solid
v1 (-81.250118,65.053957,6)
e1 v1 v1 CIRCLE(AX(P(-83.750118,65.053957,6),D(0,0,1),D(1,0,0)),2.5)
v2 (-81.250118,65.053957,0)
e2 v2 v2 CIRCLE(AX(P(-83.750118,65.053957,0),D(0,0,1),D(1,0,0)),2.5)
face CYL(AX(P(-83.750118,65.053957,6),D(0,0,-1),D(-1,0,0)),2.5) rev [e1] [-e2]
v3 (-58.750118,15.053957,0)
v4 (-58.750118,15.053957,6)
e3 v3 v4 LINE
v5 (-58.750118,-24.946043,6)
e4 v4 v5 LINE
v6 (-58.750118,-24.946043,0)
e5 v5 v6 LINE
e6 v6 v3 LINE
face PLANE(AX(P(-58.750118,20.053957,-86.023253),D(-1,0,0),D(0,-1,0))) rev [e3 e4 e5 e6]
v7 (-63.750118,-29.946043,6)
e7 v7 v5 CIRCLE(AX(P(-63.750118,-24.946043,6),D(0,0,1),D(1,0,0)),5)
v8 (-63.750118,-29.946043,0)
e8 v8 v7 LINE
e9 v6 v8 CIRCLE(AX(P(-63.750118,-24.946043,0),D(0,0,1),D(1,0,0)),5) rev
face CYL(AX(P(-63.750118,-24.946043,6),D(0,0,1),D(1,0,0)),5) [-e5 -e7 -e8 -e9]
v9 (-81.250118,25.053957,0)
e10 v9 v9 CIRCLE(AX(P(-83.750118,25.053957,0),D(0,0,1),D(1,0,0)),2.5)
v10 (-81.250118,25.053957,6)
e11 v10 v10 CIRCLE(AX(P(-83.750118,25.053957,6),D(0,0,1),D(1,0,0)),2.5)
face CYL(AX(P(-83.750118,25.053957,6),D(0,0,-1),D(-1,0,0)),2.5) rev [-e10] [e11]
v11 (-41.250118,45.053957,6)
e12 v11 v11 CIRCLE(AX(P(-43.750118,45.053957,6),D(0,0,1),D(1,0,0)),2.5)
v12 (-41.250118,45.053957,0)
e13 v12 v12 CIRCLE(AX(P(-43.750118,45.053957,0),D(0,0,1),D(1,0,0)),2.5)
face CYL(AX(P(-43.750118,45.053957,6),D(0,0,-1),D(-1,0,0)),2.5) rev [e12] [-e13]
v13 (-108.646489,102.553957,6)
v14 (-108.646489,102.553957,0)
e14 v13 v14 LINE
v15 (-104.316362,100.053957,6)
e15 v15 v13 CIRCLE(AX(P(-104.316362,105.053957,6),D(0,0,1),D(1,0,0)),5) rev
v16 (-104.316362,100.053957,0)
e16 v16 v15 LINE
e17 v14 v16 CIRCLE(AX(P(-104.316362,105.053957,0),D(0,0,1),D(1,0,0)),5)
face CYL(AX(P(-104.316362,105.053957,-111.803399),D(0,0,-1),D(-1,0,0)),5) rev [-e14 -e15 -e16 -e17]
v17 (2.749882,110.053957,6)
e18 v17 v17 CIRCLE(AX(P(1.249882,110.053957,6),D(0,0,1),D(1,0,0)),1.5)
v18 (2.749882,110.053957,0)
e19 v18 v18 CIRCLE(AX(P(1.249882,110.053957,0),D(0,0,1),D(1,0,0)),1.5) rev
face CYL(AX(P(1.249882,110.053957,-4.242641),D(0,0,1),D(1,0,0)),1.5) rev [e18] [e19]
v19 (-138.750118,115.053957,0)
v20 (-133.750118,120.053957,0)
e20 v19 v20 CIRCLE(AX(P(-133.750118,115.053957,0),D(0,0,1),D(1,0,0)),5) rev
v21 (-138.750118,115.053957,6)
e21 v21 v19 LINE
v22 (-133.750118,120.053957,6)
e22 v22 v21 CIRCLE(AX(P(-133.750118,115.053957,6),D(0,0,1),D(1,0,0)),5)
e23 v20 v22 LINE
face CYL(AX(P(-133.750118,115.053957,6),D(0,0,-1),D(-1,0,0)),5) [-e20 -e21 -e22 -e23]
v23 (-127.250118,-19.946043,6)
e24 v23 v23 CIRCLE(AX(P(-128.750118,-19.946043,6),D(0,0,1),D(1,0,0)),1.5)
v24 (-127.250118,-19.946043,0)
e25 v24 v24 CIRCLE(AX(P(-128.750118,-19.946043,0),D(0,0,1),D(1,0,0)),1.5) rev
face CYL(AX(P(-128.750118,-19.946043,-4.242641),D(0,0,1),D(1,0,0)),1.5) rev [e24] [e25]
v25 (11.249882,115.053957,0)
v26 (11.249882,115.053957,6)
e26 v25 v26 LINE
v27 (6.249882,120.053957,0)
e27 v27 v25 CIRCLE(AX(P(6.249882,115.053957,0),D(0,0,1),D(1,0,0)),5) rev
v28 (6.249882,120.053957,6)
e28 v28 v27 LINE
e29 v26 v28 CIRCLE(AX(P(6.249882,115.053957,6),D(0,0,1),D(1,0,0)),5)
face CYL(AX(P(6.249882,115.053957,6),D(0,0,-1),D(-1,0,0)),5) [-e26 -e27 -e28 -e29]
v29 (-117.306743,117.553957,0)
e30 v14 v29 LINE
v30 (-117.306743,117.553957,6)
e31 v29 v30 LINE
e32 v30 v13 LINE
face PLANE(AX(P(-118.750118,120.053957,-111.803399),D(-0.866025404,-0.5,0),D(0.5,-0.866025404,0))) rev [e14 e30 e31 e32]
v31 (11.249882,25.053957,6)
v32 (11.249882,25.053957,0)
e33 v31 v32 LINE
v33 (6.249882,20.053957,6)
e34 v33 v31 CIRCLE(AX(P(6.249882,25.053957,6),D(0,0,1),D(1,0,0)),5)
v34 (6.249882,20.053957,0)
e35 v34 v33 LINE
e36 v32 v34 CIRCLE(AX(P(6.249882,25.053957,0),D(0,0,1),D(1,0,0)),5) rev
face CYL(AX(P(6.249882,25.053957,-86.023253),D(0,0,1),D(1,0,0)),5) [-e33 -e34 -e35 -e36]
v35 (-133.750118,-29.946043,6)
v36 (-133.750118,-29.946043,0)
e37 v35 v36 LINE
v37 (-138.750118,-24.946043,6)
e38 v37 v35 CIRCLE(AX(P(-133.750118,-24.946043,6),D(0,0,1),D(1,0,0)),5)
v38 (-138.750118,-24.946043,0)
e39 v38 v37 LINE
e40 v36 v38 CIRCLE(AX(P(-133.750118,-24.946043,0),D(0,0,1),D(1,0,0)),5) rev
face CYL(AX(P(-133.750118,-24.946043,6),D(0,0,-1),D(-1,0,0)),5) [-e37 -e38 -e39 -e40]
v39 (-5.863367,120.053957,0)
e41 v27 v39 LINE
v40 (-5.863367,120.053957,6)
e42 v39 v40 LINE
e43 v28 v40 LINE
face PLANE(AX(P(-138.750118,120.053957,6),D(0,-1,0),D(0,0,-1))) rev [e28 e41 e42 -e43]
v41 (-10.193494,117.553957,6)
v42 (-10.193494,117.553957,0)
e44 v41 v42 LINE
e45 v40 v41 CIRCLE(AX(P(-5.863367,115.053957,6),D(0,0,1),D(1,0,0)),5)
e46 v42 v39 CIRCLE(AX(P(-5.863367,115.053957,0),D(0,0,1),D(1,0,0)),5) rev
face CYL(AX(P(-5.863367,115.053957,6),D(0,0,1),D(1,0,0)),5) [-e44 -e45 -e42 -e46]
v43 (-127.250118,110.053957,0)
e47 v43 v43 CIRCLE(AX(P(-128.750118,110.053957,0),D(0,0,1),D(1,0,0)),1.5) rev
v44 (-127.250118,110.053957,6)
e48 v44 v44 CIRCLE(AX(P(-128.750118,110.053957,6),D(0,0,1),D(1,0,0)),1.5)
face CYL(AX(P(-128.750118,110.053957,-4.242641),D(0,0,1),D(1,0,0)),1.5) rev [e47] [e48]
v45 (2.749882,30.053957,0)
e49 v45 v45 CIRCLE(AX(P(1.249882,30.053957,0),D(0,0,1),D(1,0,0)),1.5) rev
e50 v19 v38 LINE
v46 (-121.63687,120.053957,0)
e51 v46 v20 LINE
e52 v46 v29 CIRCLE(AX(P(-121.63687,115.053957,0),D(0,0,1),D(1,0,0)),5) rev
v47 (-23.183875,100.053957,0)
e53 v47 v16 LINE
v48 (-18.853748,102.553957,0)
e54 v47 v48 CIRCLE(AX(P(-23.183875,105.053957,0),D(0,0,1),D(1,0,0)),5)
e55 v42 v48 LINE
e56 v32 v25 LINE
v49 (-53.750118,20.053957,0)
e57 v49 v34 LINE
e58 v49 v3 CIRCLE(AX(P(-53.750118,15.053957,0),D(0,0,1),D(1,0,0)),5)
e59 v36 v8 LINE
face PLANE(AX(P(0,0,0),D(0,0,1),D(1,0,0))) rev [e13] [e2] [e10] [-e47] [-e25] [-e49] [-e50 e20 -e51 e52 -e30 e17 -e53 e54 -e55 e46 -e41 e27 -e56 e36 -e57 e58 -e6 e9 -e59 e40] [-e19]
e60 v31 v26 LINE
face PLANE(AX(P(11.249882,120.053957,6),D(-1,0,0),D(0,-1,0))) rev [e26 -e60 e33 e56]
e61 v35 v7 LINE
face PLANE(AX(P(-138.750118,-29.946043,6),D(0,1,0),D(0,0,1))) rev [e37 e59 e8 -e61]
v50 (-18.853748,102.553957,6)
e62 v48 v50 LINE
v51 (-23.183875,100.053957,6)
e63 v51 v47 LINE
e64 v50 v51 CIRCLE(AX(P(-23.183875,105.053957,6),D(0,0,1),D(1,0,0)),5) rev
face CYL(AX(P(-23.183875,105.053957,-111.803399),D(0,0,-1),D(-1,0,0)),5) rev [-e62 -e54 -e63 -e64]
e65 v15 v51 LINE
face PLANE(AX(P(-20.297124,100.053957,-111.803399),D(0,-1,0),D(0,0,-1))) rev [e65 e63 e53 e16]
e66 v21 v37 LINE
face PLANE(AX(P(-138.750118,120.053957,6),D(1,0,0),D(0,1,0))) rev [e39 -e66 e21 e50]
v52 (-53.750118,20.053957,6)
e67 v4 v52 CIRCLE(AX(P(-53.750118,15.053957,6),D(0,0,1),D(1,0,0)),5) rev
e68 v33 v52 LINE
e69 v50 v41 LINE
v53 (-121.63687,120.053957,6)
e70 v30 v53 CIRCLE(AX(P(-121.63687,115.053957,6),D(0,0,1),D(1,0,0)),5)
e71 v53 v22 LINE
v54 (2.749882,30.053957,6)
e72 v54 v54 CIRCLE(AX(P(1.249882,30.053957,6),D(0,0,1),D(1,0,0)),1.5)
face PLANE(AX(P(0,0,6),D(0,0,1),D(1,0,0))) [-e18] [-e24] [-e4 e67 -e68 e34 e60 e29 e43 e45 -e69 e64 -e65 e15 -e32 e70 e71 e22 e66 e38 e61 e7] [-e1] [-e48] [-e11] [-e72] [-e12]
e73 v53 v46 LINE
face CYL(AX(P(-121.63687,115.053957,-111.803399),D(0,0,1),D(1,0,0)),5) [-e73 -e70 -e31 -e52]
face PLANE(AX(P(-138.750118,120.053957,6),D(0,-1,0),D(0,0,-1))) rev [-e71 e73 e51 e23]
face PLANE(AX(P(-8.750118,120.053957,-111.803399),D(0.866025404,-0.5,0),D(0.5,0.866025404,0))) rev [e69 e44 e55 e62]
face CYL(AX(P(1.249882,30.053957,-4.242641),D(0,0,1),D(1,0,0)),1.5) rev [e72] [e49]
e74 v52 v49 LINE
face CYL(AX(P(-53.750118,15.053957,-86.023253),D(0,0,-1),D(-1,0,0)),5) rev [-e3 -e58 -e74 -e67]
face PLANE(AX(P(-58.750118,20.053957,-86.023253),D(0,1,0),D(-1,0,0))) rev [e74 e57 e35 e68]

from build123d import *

# Parameters (mm, degrees)
ESBO_O1_W                = 150
ESBO_O1_H                = 150
ESBO_O1_R                = 2.5
RESSALTO_EXTRUS_O1_DEPTH = 6
CORTE_EXTRUS_O1_DEPTH    = 6
ESBO_O3_W                = 70
ESBO_O3_H                = 50
CORTE_EXTRUS_O2_DEPTH    = 6
FILETE1_R                = 5
ESBO_O4_R                = 1.5
CORTE_EXTRUS_O3_DEPTH    = 6


with BuildPart() as part:
    # Esboço1 → Ressalto-extrusão1 (new body)
    with BuildSketch(Plane.XY):
        with Locations((-63.750118326, 45.053956835)):
            Rectangle(ESBO_O1_W, ESBO_O1_H)
        with Locations((-83.750118326, 65.053956835)):
            Circle(ESBO_O1_R, mode=Mode.SUBTRACT)
        with Locations((-83.750118326, 25.053956835)):
            Circle(ESBO_O1_R, mode=Mode.SUBTRACT)
        with Locations((-43.750118326, 45.053956835)):
            Circle(ESBO_O1_R, mode=Mode.SUBTRACT)
    extrude(amount=RESSALTO_EXTRUS_O1_DEPTH)

    # Esboço2 → Corte-extrusão1 (cut)
    with BuildSketch(Plane.XY.offset(6)):
        Polygon((-8.750118326, 120.053956835), (-20.29712371, 100.053956835), (-107.203112943, 100.053956835), (-118.750118326, 120.053956835), align=None)
    extrude(amount=-CORTE_EXTRUS_O1_DEPTH, mode=Mode.SUBTRACT)

    # Esboço3 → Corte-extrusão2 (cut)
    with BuildSketch(Plane.XY.offset(6)):
        with Locations((-23.750118326, -4.946043165)):
            Rectangle(ESBO_O3_W, ESBO_O3_H)
    extrude(amount=-CORTE_EXTRUS_O2_DEPTH, mode=Mode.SUBTRACT)

    # Filete1
    filete1_edges = [part.edges().sort_by_distance(p)[0] for p in [
        (-20.29712371, 100.053956835, 3),
        (-107.203112943, 100.053956835, 3),
        (-118.750118326, 120.053956835, 3),
        (-8.750118326, 120.053956835, 3),
        (-58.750118326, -29.946043165, 3),
        (-58.750118326, 20.053956835, 3),
        (11.249881674, 20.053956835, 3),
        (-138.750118326, -29.946043165, 3),
        (-138.750118326, 120.053956835, 3),
        (11.249881674, 120.053956835, 3),
    ]]
    fillet(filete1_edges, radius=FILETE1_R)

    # Esboço4 → Corte-extrusão3 (cut)
    with BuildSketch(Plane.XY.offset(6)):
        with Locations((1.249881674, 110.053956835)):
            Circle(ESBO_O4_R)
        with Locations((1.249881674, 30.053956835)):
            Circle(ESBO_O4_R)
        with Locations((-128.750118326, 110.053956835)):
            Circle(ESBO_O4_R)
        with Locations((-128.750118326, -19.946043165)):
            Circle(ESBO_O4_R)
    extrude(amount=-CORTE_EXTRUS_O3_DEPTH, mode=Mode.SUBTRACT)


solid = part.part
